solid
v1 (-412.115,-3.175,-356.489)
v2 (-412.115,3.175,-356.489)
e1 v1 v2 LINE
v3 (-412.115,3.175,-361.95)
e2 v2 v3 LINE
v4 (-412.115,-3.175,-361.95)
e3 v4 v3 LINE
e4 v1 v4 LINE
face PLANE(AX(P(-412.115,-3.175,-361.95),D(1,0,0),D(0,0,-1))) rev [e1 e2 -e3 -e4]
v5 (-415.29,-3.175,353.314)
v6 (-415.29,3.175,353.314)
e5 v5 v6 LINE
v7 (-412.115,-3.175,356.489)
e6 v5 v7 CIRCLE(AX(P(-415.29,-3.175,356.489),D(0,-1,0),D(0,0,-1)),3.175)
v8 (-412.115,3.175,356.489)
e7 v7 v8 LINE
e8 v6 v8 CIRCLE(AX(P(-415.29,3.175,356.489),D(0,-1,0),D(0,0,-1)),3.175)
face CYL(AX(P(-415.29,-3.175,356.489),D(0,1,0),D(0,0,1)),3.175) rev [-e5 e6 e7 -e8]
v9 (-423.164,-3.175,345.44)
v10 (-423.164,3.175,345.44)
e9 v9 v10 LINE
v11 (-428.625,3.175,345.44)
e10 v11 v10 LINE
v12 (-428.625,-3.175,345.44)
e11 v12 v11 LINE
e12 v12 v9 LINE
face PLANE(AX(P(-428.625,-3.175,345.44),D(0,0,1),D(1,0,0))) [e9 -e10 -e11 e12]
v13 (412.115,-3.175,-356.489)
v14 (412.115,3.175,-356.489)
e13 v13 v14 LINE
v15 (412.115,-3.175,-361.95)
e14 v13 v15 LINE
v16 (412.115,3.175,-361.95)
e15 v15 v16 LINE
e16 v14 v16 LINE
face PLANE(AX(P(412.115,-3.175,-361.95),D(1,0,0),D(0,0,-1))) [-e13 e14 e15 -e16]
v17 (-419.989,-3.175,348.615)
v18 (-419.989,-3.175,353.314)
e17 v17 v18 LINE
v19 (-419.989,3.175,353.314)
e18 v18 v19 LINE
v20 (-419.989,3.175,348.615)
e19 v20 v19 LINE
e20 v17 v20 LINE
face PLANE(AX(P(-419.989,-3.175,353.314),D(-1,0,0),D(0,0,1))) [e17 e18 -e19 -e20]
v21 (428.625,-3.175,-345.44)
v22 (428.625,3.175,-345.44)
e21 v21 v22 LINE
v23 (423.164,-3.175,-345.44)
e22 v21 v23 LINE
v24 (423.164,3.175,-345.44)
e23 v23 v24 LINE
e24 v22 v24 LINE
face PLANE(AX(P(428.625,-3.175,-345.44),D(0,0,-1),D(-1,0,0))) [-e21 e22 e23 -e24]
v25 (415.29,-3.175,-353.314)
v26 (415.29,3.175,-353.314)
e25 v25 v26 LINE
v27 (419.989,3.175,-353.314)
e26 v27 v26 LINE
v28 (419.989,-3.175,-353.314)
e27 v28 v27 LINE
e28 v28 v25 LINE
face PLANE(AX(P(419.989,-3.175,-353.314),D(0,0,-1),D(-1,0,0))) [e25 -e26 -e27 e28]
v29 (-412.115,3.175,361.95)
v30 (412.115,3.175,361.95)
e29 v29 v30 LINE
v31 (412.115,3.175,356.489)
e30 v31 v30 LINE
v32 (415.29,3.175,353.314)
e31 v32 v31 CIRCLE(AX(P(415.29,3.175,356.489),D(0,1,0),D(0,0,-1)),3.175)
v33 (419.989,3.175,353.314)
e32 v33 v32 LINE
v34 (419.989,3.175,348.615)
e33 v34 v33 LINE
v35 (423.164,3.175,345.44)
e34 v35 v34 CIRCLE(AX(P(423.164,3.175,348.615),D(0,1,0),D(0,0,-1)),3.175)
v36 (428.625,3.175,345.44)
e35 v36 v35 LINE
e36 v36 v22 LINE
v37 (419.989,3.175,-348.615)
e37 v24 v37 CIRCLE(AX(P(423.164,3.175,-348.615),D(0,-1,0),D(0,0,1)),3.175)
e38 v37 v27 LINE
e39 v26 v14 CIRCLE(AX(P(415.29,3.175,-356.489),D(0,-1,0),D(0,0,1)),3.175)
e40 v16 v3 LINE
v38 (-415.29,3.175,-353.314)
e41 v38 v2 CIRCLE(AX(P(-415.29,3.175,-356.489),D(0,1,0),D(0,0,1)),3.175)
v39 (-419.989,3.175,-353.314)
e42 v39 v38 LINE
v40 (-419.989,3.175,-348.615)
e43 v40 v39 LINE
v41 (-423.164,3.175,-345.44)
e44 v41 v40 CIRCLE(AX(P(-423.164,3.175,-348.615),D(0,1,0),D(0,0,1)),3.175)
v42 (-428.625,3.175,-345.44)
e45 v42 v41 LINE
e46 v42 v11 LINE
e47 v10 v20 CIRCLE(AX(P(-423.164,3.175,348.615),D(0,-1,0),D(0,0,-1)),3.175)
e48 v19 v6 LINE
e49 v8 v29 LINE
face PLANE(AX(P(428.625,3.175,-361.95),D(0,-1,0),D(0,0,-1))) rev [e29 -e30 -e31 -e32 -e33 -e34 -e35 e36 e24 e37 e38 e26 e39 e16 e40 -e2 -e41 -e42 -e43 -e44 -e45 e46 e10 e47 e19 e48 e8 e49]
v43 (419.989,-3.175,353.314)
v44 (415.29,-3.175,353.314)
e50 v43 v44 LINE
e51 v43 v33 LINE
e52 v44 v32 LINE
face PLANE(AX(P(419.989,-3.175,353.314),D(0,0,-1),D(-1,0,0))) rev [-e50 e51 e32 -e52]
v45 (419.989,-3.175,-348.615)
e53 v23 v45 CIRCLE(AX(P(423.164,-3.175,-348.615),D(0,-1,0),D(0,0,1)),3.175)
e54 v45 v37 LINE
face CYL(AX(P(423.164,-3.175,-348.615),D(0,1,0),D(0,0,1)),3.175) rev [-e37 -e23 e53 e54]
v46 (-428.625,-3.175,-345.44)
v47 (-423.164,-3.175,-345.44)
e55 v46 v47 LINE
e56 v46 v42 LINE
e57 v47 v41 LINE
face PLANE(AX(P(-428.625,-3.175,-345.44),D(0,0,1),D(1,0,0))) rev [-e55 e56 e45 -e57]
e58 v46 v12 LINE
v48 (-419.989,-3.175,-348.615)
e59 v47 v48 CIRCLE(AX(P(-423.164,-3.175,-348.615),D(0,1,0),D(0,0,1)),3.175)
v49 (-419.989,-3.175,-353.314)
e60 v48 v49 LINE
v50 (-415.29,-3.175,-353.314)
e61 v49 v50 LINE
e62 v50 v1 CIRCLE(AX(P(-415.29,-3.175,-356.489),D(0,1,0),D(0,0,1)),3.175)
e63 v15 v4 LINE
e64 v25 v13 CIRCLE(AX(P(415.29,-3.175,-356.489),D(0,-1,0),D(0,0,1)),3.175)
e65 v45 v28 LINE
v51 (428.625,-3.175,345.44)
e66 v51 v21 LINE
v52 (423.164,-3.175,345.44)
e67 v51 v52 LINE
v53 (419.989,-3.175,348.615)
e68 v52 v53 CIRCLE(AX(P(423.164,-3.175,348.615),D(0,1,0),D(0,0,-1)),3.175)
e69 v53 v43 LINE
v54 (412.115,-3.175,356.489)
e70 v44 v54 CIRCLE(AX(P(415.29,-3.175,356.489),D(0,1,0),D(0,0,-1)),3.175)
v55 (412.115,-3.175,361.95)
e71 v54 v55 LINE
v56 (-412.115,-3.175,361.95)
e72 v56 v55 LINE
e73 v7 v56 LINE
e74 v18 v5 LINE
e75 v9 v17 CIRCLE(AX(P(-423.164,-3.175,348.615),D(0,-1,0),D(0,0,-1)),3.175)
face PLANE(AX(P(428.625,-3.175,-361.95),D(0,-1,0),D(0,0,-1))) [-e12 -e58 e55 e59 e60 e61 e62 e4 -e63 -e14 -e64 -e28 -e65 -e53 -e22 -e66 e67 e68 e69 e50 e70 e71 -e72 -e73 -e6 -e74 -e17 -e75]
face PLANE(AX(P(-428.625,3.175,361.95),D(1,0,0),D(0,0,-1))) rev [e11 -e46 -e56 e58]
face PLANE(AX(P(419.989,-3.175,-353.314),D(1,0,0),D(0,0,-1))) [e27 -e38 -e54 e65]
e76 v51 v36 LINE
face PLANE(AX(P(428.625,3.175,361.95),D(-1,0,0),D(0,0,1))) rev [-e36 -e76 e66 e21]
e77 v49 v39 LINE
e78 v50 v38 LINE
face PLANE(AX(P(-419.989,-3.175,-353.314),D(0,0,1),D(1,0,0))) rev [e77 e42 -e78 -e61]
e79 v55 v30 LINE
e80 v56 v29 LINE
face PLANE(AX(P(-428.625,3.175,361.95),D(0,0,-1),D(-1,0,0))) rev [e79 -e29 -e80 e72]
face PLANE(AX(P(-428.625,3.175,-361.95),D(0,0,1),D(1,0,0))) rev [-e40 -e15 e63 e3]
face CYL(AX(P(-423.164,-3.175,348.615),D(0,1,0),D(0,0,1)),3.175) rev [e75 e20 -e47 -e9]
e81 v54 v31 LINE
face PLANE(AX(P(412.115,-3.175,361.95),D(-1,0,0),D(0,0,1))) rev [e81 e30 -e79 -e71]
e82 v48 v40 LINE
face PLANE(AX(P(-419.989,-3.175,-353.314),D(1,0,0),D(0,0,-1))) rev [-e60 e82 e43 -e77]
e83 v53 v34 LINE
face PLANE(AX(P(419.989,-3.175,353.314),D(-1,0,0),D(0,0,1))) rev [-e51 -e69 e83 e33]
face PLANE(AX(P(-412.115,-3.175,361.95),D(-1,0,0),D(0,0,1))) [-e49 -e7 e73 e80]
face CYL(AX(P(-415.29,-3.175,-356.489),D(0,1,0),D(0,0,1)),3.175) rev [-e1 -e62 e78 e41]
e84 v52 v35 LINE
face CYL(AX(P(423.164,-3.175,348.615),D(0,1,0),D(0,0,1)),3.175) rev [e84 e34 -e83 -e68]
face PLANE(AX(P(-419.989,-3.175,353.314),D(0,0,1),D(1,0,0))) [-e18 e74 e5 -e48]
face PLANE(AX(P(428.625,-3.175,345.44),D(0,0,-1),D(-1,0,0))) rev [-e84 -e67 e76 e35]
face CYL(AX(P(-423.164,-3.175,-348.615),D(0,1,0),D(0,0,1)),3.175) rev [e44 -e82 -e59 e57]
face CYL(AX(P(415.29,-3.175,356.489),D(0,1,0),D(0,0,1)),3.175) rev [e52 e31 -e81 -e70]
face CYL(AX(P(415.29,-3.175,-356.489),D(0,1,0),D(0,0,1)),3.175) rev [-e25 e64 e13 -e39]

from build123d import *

# Parameters (mm, degrees)
SKETCH1_W            = 857.25
SKETCH1_H            = 723.9
BOSS_EXTRUDE1_DEPTH  = 3.175
CUT_EXTRUDE1_DEPTH   = 562.041456245
MIRROR2_COPY_1_DEPTH = 562.041456245


with BuildPart() as part:
    # Sketch1 → Boss-Extrude1 (new, symmetric)
    with BuildSketch(Plane(origin=(0, 0, 0), x_dir=(1, 0, 0), z_dir=(0, 1, 0))):
        Rectangle(SKETCH1_W, SKETCH1_H)
    extrude(amount=BOSS_EXTRUDE1_DEPTH, both=True)

    # Sketch2 → Cut-Extrude1 (cut, through all)
    with BuildSketch(Plane(origin=(0, 3.175, 0), x_dir=(1, 0, 0), z_dir=(0, 1, 0))):
        with BuildLine():
            Line((-428.625, 361.95), (-412.115, 361.95))
            Line((-412.115, 361.95), (-412.115, 356.489))
            ThreePointArc((-412.115, 356.489), (-413.04493597, 354.24393597), (-415.29, 353.314))
            Line((-415.29, 353.314), (-419.989, 353.314))
            Line((-419.989, 353.314), (-419.989, 348.615))
            ThreePointArc((-419.989, 348.615), (-420.91893597, 346.36993597), (-423.164, 345.44))
            Line((-423.164, 345.44), (-428.625, 345.44))
            Line((-428.625, 345.44), (-428.625, 361.95))
        make_face()
    cut_extrude1 = extrude(amount=-CUT_EXTRUDE1_DEPTH, mode=Mode.SUBTRACT)

    # Mirror1: Cut-Extrude1 across plane
    add(cut_extrude1.mirror(Plane(origin=(0, 0, 0), x_dir=(0, 0, 1), z_dir=(1, 0, 0))), mode=Mode.SUBTRACT)

    # Mirror2: Cut-Extrude1 across plane
    add(cut_extrude1.mirror(Plane.XY), mode=Mode.SUBTRACT)

    # Mirror2 copy 1 sketch → Mirror2 copy 1 (cut, through all)
    with BuildSketch(Plane(origin=(0, 3.175, 0), x_dir=(-1, 0, 0), z_dir=(0, 1, 0))):
        with BuildLine():
            Line((-428.625, 361.95), (-412.115, 361.95))
            Line((-412.115, 361.95), (-412.115, 356.489))
            ThreePointArc((-412.115, 356.489), (-413.04493597, 354.24393597), (-415.29, 353.314))
            Line((-415.29, 353.314), (-419.989, 353.314))
            Line((-419.989, 353.314), (-419.989, 348.615))
            ThreePointArc((-419.989, 348.615), (-420.91893597, 346.36993597), (-423.164, 345.44))
            Line((-423.164, 345.44), (-428.625, 345.44))
            Line((-428.625, 345.44), (-428.625, 361.95))
        make_face()
    extrude(amount=-MIRROR2_COPY_1_DEPTH, mode=Mode.SUBTRACT)


solid = part.part
